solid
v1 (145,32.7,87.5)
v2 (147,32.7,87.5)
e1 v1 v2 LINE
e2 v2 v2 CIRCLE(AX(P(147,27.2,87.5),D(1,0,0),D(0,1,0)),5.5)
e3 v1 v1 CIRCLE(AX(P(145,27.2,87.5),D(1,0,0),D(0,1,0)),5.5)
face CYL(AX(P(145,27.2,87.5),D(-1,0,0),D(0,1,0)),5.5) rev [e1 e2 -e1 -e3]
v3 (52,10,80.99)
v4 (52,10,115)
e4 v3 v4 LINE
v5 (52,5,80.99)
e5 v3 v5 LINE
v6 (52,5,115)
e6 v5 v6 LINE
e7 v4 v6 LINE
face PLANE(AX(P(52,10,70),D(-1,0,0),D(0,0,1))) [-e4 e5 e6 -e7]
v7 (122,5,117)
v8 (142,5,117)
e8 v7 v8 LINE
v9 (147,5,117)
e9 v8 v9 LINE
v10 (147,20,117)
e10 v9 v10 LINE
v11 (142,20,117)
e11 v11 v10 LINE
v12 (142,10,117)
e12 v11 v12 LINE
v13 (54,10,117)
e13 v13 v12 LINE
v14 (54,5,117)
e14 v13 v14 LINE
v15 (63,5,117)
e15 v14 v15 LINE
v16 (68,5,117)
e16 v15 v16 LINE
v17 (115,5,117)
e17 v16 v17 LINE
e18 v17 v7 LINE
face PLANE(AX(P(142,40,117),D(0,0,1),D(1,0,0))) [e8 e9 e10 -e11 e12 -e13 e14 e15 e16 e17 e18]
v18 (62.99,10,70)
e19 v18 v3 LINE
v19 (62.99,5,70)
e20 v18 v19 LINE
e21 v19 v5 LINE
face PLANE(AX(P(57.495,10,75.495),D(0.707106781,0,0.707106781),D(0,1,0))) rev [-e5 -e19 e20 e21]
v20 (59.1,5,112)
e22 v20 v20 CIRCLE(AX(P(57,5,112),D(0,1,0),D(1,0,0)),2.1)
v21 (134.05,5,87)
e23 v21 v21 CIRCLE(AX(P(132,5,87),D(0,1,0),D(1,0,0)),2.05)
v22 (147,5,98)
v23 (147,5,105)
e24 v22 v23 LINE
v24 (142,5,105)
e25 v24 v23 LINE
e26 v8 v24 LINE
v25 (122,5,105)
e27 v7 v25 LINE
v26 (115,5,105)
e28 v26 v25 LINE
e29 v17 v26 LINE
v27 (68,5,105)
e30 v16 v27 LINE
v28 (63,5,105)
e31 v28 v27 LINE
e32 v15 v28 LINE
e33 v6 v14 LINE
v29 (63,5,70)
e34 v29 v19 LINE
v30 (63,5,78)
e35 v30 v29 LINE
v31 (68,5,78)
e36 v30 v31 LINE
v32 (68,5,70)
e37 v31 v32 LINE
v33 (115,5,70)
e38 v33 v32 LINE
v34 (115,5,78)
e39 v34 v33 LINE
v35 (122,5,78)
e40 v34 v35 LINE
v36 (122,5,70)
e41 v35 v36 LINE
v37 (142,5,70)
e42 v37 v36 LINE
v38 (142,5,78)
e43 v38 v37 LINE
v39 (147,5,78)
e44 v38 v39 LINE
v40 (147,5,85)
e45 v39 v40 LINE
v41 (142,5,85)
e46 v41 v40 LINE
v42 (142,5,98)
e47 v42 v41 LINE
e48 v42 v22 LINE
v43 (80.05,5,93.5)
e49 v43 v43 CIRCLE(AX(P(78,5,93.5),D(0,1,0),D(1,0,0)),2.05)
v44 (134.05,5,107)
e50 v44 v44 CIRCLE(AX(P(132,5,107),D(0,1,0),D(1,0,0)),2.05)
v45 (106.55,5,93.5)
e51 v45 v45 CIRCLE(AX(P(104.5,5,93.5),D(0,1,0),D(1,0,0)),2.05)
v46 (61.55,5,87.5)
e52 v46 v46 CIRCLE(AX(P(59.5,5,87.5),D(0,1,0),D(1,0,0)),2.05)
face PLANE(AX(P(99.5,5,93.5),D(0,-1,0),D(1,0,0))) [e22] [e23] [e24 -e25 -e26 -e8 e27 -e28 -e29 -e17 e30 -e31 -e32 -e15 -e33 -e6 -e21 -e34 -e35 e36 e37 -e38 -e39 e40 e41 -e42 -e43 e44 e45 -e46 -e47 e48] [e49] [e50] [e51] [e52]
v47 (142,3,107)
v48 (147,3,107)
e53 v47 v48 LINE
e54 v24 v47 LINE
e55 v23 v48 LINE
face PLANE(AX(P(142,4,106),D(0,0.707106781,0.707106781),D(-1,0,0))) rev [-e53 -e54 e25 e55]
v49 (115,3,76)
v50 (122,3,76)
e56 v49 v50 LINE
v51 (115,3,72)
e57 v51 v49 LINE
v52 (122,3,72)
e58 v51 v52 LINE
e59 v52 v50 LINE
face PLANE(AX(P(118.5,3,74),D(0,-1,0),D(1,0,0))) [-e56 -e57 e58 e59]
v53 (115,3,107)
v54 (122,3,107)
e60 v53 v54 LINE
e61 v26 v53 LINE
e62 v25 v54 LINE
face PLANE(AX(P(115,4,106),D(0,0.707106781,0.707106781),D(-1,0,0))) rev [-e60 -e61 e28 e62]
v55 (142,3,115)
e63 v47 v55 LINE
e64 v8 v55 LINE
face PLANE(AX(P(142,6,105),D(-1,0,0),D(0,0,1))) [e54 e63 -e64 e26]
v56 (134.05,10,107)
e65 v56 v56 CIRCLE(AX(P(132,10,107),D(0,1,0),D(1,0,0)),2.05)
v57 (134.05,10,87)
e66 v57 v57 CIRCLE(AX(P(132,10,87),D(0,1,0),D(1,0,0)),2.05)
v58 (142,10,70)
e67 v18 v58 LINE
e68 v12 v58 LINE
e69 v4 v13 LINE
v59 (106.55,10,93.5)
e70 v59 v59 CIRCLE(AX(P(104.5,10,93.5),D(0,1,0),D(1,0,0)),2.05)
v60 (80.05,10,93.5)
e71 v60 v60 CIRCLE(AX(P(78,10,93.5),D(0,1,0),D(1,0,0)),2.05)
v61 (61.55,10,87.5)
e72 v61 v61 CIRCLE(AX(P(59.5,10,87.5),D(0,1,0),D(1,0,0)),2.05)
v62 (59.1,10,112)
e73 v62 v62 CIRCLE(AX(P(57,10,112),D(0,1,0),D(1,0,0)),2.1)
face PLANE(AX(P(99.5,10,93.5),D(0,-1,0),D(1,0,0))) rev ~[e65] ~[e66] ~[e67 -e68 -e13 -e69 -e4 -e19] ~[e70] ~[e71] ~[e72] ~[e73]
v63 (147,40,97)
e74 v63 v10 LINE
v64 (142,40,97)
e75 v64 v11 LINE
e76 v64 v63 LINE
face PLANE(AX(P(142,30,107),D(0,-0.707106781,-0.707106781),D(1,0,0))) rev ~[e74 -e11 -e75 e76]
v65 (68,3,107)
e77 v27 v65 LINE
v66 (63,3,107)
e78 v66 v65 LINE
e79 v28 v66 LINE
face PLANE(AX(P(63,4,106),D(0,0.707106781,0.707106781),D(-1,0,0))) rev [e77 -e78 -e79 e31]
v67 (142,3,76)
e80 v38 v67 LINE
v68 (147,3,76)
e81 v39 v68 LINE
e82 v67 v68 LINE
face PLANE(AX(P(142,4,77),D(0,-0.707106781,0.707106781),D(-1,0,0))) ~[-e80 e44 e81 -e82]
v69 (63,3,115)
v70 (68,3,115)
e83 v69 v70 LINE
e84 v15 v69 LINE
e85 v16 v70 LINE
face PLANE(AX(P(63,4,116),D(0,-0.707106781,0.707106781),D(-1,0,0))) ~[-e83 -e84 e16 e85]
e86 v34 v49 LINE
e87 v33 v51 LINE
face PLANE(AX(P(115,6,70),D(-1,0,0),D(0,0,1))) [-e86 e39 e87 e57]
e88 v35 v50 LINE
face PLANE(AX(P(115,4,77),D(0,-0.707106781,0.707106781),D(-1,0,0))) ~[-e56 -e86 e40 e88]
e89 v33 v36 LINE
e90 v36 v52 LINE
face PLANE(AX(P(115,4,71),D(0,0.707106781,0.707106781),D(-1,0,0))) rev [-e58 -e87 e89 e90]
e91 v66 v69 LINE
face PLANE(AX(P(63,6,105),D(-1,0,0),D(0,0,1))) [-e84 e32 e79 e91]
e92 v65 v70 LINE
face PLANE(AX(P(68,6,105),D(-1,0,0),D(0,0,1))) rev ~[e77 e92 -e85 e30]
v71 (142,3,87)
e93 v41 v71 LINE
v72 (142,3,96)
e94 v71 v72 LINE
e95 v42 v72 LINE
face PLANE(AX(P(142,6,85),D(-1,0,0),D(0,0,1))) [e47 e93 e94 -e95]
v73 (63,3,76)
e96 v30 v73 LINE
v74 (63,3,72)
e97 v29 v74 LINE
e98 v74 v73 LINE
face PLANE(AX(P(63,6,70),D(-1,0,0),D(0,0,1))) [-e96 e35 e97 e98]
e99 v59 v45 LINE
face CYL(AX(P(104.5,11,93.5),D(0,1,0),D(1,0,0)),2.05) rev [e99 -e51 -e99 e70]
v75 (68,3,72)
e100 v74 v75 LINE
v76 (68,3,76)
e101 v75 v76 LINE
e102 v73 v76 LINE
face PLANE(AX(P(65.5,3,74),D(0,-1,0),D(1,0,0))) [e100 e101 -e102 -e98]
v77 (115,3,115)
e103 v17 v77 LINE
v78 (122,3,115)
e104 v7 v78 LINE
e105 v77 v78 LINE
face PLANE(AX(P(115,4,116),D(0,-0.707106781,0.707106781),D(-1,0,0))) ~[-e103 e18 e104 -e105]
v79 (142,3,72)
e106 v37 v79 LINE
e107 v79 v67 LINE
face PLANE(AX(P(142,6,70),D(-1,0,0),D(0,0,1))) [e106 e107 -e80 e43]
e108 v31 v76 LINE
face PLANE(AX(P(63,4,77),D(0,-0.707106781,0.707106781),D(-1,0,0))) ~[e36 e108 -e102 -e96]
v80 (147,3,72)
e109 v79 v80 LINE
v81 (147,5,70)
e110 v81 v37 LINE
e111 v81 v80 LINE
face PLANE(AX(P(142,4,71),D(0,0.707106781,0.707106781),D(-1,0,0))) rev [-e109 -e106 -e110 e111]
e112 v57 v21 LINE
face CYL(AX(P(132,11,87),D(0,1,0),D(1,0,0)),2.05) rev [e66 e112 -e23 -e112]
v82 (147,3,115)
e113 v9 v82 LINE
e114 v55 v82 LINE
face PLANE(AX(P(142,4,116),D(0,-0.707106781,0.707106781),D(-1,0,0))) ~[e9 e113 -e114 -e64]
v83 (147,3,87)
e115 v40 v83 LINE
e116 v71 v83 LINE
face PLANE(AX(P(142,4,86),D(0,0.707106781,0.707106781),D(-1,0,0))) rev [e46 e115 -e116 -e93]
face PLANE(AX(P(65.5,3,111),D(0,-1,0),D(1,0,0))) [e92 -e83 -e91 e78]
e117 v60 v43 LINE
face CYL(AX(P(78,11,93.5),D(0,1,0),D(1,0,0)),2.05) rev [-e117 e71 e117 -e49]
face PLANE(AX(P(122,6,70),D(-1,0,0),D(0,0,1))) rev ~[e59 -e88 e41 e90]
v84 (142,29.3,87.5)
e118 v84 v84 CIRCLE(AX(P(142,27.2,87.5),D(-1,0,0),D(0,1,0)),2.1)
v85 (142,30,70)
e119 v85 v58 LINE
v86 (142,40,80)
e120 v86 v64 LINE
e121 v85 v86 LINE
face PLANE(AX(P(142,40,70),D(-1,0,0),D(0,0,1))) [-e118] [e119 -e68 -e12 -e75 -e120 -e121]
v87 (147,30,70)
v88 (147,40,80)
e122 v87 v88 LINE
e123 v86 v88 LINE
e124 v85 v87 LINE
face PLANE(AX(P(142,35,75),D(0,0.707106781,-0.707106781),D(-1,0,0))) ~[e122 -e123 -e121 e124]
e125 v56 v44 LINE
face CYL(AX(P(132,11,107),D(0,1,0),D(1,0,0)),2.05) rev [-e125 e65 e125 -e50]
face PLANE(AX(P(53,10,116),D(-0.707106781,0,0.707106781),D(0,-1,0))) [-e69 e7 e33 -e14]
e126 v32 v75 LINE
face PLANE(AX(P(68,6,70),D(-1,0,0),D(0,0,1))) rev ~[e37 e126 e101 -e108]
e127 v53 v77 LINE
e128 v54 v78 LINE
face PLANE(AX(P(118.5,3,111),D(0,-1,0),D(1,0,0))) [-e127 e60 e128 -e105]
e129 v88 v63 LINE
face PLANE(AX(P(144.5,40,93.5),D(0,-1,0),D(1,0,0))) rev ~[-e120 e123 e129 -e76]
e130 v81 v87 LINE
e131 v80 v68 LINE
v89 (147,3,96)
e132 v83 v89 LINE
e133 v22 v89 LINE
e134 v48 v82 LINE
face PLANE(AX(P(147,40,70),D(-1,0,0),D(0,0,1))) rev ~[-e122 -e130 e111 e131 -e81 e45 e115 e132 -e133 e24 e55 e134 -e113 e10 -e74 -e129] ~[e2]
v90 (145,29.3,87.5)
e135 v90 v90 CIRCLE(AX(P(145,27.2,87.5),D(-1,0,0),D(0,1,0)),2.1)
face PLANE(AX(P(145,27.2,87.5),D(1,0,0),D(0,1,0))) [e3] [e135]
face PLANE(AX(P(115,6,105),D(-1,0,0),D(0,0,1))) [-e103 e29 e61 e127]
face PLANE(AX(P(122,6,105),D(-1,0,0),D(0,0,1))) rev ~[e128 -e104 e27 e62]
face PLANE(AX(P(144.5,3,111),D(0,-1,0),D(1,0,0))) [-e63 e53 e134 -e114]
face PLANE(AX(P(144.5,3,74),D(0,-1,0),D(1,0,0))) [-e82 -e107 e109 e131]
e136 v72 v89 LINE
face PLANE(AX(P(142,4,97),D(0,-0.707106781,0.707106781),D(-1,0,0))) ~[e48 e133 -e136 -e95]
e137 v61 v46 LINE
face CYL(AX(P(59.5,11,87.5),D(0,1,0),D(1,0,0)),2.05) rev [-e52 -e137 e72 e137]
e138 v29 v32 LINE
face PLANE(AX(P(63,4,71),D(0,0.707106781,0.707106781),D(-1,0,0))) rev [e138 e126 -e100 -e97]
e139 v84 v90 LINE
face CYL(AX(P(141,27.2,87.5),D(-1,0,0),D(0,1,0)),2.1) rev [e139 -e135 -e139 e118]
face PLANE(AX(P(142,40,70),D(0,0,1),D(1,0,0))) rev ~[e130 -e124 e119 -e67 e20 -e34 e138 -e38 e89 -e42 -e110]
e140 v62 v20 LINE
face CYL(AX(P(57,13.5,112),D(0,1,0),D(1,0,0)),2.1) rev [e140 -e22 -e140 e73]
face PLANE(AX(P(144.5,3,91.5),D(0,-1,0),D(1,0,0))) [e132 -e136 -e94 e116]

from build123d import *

# Parameters (mm, degrees)
CYLINDER019_R                   = 2.05
CYLINDER019_DEPTH               = 10
BOX035_W                        = 13
BOX035_H                        = 5
BOX035_DEPTH                    = 13
CYLINDER014_R                   = 2.1
CYLINDER014_DEPTH               = 10
CYLINDER012_R                   = 2.05
CYLINDER012_DEPTH               = 10
CYLINDER011_R                   = 2.05
CYLINDER011_DEPTH               = 10
CYLINDER010_R                   = 2.05
CYLINDER010_DEPTH               = 10
CYLINDER013_R                   = 2.05
CYLINDER013_DEPTH               = 10
CYLINDER007_R                   = 5.5
CYLINDER007_DEPTH               = 3
CYLINDER006_R                   = 2.1
CYLINDER006_DEPTH               = 41
CYLINDER008_R                   = 2.1
CYLINDER008_DEPTH               = 10
CYLINDER009_R                   = 5.5
CYLINDER009_DEPTH               = 2
BOX019_W                        = 5
BOX019_H                        = 47
BOX019_DEPTH                    = 35
BOX021_W                        = 5
BOX021_H                        = 13
BOX021_DEPTH                    = 3
BOX022_W                        = 5
BOX022_H                        = 12
BOX022_DEPTH                    = 3
BOX023_W                        = 7
BOX023_H                        = 8
BOX023_DEPTH                    = 3
BOX024_W                        = 7
BOX024_H                        = 12
BOX024_DEPTH                    = 3
BOX025_W                        = 5
BOX025_H                        = 12
BOX025_DEPTH                    = 3
BOX026_W                        = 5
BOX026_H                        = 8
BOX026_DEPTH                    = 3
BOX020_W                        = 5
BOX020_H                        = 8
BOX020_DEPTH                    = 3
CHAMFER003001007_SIZE           = 2
BOX018_W                        = 95
BOX018_H                        = 47
BOX018_DEPTH                    = 5
CHAMFER003001008_SIZE           = 10
CHAMFER003001009_SIZE           = 20
CHAMFER003001010_SIZE           = 10.99
CHAMFER003001011_SIZE           = 2
CUT003023001008_PLACEMENT_ANGLE = 90


with BuildPart() as cylinder019:
    # Cylinder019 → Cylinder019 (new body)
    with BuildSketch(Plane(origin=(59.5, 11, 87.5), x_dir=(1, 0, 0), z_dir=(0, -1, 0))):
        Circle(CYLINDER019_R)
    extrude(amount=CYLINDER019_DEPTH)


with BuildPart() as cube035:
    # Box035 → Box035 (new body)
    with BuildSketch(Plane(origin=(53, 5, 81), x_dir=(1, 0, 0), z_dir=(0, 0, 1))):
        with Locations((6.5, 2.5)):
            Rectangle(BOX035_W, BOX035_H)
    extrude(amount=BOX035_DEPTH)


with BuildPart() as cylinder014:
    # Cylinder014 → Cylinder014 (new body)
    with BuildSketch(Plane(origin=(30, 57, 26.5), x_dir=(1, 0, 0), z_dir=(0, 0, 1))):
        Circle(CYLINDER014_R)
    extrude(amount=CYLINDER014_DEPTH)


with BuildPart() as cylinder012:
    # Cylinder012 → Cylinder012 (new body)
    with BuildSketch(Plane(origin=(105, 52, 29), x_dir=(1, 0, 0), z_dir=(0, 0, 1))):
        Circle(CYLINDER012_R)
    extrude(amount=CYLINDER012_DEPTH)


with BuildPart() as cylinder011:
    # Cylinder011 → Cylinder011 (new body)
    with BuildSketch(Plane(origin=(77.5, 38.5, 29), x_dir=(1, 0, 0), z_dir=(0, 0, 1))):
        Circle(CYLINDER011_R)
    extrude(amount=CYLINDER011_DEPTH)


with BuildPart() as cylinder010:
    # Cylinder010 → Cylinder010 (new body)
    with BuildSketch(Plane(origin=(51, 38.5, 29), x_dir=(1, 0, 0), z_dir=(0, 0, 1))):
        Circle(CYLINDER010_R)
    extrude(amount=CYLINDER010_DEPTH)


with BuildPart() as fusion003010:
    # Cylinder013 → Cylinder013 (new body)
    with BuildSketch(Plane(origin=(105, 32, 29), x_dir=(1, 0, 0), z_dir=(0, 0, 1))):
        Circle(CYLINDER013_R)
    extrude(amount=CYLINDER013_DEPTH)

    # Fusion003010: union Cylinder012, Cylinder011, Cylinder010
    add(cylinder012.part)
    add(cylinder011.part)
    add(cylinder010.part)


with BuildPart() as cylinder007:
    # Cylinder007 → Cylinder007 (new body)
    with BuildSketch(Plane(origin=(32.5, 32.5, 32), x_dir=(1, 0, 0), z_dir=(0, 0, 1))):
        Circle(CYLINDER007_R)
    extrude(amount=CYLINDER007_DEPTH)


with BuildPart() as fusion003008:
    # Cylinder006 → Cylinder006 (new body)
    with BuildSketch(Plane(origin=(32.5, 32.5, 0), x_dir=(1, 0, 0), z_dir=(0, 0, 1))):
        Circle(CYLINDER006_R)
    extrude(amount=CYLINDER006_DEPTH)

    # Fusion003008: union Cylinder007
    add(cylinder007.part)


with BuildPart() as cylinder008:
    # Cylinder008 → Cylinder008 (new body)
    with BuildSketch(Plane(origin=(114, 32.5, 12.8), x_dir=(0, 0, -1), z_dir=(1, 0, 0))):
        Circle(CYLINDER008_R)
    extrude(amount=CYLINDER008_DEPTH)


with BuildPart() as fusion003009:
    # Cylinder009 → Cylinder009 (new body)
    with BuildSketch(Plane(origin=(118, 32.5, 12.8), x_dir=(0, 0, -1), z_dir=(1, 0, 0))):
        Circle(CYLINDER009_R)
    extrude(amount=CYLINDER009_DEPTH)

    # Fusion003007: union Cylinder008
    add(cylinder008.part)

    # Fusion003009: union Fusion003008
    add(fusion003008.part)


with BuildPart() as cube019:
    # Box019 → Box019 (new body)
    with BuildSketch(Plane(origin=(115, 15, 0), x_dir=(1, 0, 0), z_dir=(0, 0, 1))):
        with Locations((2.5, 23.5)):
            Rectangle(BOX019_W, BOX019_H)
    extrude(amount=BOX019_DEPTH)


with BuildPart() as cube021:
    # Box021 → Box021 (new body)
    with BuildSketch(Plane(origin=(115, 30, 35), x_dir=(1, 0, 0), z_dir=(0, 0, 1))):
        with Locations((2.5, 6.5)):
            Rectangle(BOX021_W, BOX021_H)
    extrude(amount=BOX021_DEPTH)


with BuildPart() as cube022:
    # Box022 → Box022 (new body)
    with BuildSketch(Plane(origin=(115, 50, 35), x_dir=(1, 0, 0), z_dir=(0, 0, 1))):
        with Locations((2.5, 6)):
            Rectangle(BOX022_W, BOX022_H)
    extrude(amount=BOX022_DEPTH)


with BuildPart() as cube023:
    # Box023 → Box023 (new body)
    with BuildSketch(Plane(origin=(88, 15, 35), x_dir=(1, 0, 0), z_dir=(0, 0, 1))):
        with Locations((3.5, 4)):
            Rectangle(BOX023_W, BOX023_H)
    extrude(amount=BOX023_DEPTH)


with BuildPart() as cube024:
    # Box024 → Box024 (new body)
    with BuildSketch(Plane(origin=(88, 50, 35), x_dir=(1, 0, 0), z_dir=(0, 0, 1))):
        with Locations((3.5, 6)):
            Rectangle(BOX024_W, BOX024_H)
    extrude(amount=BOX024_DEPTH)


with BuildPart() as cube025:
    # Box025 → Box025 (new body)
    with BuildSketch(Plane(origin=(36, 50, 35), x_dir=(1, 0, 0), z_dir=(0, 0, 1))):
        with Locations((2.5, 6)):
            Rectangle(BOX025_W, BOX025_H)
    extrude(amount=BOX025_DEPTH)


with BuildPart() as cube026:
    # Box026 → Box026 (new body)
    with BuildSketch(Plane(origin=(36, 15, 35), x_dir=(1, 0, 0), z_dir=(0, 0, 1))):
        with Locations((2.5, 4)):
            Rectangle(BOX026_W, BOX026_H)
    extrude(amount=BOX026_DEPTH)


with BuildPart() as chamfer003001007:
    # Box020 → Box020 (new body)
    with BuildSketch(Plane(origin=(115, 15, 35), x_dir=(1, 0, 0), z_dir=(0, 0, 1))):
        with Locations((2.5, 4)):
            Rectangle(BOX020_W, BOX020_H)
    extrude(amount=BOX020_DEPTH)

    # Fusion003004: union Cube021, Cube022, Cube023, Cube024, Cube025, Cube026
    add(cube021.part)
    add(cube022.part)
    add(cube023.part)
    add(cube024.part)
    add(cube025.part)
    add(cube026.part)


with BuildPart() as chamfer003001007_1:
    # Fusion003004 placement: moved
    add(chamfer003001007.part.moved(Location((0, 0, -1))))

    # Chamfer003001007
    chamfer003001007_edges = [chamfer003001007_1.edges().sort_by_distance(p)[0] for p in [
        (117.5, 15, 37),
        (117.5, 23, 37),
        (117.5, 30, 37),
        (117.5, 43, 37),
        (117.5, 50, 37),
        (117.5, 62, 37),
        (91.5, 15, 37),
        (91.5, 23, 37),
        (91.5, 50, 37),
        (91.5, 62, 37),
        (38.5, 50, 37),
        (38.5, 62, 37),
        (38.5, 15, 37),
        (38.5, 23, 37),
    ]]
    chamfer(chamfer003001007_edges, length=CHAMFER003001007_SIZE)


with BuildPart() as block_mount:
    # Box018 → Box018 (new body)
    with BuildSketch(Plane(origin=(25, 15, 30), x_dir=(1, 0, 0), z_dir=(0, 0, 1))):
        with Locations((47.5, 23.5)):
            Rectangle(BOX018_W, BOX018_H)
    extrude(amount=BOX018_DEPTH)

    # Fusion003005: union Cube019, Chamfer003001007
    add(cube019.part)
    add(chamfer003001007_1.part)

    # Cut003023001006: cut Fusion003009
    add(fusion003009.part, mode=Mode.SUBTRACT)

    # Chamfer003001008
    chamfer003001008_edges = [block_mount.edges().sort_by_distance(p)[0] for p in [
        (117.5, 15, 0),
    ]]
    chamfer(chamfer003001008_edges, length=CHAMFER003001008_SIZE)

    # Chamfer003001009
    chamfer003001009_edges = [block_mount.edges().sort_by_distance(p)[0] for p in [
        (117.5, 62, 0),
    ]]
    chamfer(chamfer003001009_edges, length=CHAMFER003001009_SIZE)

    # Chamfer003001010
    chamfer003001010_edges = [block_mount.edges().sort_by_distance(p)[0] for p in [
        (25, 15, 32.5),
    ]]
    chamfer(chamfer003001010_edges, length=CHAMFER003001010_SIZE)

    # Cut003023001007: cut Fusion003010
    add(fusion003010.part, mode=Mode.SUBTRACT)

    # Chamfer003001011
    chamfer003001011_edges = [block_mount.edges().sort_by_distance(p)[0] for p in [
        (25, 62, 32.5),
    ]]
    chamfer(chamfer003001011_edges, length=CHAMFER003001011_SIZE)

    # Cut003023001008: cut Cylinder014
    add(cylinder014.part, mode=Mode.SUBTRACT)


with BuildPart() as block_mount_1:
    # Cut003023001008 placement: moved
    add(block_mount.part.moved(Location((27, 40, 55))).rotate(Axis((27, 40, 55), (1, 0, 0)), CUT003023001008_PLACEMENT_ANGLE))

    # Fusion003015: union Cube035
    add(cube035.part)

    # Cut003023001012: cut Cylinder019
    add(cylinder019.part, mode=Mode.SUBTRACT)


solid = block_mount_1.part
